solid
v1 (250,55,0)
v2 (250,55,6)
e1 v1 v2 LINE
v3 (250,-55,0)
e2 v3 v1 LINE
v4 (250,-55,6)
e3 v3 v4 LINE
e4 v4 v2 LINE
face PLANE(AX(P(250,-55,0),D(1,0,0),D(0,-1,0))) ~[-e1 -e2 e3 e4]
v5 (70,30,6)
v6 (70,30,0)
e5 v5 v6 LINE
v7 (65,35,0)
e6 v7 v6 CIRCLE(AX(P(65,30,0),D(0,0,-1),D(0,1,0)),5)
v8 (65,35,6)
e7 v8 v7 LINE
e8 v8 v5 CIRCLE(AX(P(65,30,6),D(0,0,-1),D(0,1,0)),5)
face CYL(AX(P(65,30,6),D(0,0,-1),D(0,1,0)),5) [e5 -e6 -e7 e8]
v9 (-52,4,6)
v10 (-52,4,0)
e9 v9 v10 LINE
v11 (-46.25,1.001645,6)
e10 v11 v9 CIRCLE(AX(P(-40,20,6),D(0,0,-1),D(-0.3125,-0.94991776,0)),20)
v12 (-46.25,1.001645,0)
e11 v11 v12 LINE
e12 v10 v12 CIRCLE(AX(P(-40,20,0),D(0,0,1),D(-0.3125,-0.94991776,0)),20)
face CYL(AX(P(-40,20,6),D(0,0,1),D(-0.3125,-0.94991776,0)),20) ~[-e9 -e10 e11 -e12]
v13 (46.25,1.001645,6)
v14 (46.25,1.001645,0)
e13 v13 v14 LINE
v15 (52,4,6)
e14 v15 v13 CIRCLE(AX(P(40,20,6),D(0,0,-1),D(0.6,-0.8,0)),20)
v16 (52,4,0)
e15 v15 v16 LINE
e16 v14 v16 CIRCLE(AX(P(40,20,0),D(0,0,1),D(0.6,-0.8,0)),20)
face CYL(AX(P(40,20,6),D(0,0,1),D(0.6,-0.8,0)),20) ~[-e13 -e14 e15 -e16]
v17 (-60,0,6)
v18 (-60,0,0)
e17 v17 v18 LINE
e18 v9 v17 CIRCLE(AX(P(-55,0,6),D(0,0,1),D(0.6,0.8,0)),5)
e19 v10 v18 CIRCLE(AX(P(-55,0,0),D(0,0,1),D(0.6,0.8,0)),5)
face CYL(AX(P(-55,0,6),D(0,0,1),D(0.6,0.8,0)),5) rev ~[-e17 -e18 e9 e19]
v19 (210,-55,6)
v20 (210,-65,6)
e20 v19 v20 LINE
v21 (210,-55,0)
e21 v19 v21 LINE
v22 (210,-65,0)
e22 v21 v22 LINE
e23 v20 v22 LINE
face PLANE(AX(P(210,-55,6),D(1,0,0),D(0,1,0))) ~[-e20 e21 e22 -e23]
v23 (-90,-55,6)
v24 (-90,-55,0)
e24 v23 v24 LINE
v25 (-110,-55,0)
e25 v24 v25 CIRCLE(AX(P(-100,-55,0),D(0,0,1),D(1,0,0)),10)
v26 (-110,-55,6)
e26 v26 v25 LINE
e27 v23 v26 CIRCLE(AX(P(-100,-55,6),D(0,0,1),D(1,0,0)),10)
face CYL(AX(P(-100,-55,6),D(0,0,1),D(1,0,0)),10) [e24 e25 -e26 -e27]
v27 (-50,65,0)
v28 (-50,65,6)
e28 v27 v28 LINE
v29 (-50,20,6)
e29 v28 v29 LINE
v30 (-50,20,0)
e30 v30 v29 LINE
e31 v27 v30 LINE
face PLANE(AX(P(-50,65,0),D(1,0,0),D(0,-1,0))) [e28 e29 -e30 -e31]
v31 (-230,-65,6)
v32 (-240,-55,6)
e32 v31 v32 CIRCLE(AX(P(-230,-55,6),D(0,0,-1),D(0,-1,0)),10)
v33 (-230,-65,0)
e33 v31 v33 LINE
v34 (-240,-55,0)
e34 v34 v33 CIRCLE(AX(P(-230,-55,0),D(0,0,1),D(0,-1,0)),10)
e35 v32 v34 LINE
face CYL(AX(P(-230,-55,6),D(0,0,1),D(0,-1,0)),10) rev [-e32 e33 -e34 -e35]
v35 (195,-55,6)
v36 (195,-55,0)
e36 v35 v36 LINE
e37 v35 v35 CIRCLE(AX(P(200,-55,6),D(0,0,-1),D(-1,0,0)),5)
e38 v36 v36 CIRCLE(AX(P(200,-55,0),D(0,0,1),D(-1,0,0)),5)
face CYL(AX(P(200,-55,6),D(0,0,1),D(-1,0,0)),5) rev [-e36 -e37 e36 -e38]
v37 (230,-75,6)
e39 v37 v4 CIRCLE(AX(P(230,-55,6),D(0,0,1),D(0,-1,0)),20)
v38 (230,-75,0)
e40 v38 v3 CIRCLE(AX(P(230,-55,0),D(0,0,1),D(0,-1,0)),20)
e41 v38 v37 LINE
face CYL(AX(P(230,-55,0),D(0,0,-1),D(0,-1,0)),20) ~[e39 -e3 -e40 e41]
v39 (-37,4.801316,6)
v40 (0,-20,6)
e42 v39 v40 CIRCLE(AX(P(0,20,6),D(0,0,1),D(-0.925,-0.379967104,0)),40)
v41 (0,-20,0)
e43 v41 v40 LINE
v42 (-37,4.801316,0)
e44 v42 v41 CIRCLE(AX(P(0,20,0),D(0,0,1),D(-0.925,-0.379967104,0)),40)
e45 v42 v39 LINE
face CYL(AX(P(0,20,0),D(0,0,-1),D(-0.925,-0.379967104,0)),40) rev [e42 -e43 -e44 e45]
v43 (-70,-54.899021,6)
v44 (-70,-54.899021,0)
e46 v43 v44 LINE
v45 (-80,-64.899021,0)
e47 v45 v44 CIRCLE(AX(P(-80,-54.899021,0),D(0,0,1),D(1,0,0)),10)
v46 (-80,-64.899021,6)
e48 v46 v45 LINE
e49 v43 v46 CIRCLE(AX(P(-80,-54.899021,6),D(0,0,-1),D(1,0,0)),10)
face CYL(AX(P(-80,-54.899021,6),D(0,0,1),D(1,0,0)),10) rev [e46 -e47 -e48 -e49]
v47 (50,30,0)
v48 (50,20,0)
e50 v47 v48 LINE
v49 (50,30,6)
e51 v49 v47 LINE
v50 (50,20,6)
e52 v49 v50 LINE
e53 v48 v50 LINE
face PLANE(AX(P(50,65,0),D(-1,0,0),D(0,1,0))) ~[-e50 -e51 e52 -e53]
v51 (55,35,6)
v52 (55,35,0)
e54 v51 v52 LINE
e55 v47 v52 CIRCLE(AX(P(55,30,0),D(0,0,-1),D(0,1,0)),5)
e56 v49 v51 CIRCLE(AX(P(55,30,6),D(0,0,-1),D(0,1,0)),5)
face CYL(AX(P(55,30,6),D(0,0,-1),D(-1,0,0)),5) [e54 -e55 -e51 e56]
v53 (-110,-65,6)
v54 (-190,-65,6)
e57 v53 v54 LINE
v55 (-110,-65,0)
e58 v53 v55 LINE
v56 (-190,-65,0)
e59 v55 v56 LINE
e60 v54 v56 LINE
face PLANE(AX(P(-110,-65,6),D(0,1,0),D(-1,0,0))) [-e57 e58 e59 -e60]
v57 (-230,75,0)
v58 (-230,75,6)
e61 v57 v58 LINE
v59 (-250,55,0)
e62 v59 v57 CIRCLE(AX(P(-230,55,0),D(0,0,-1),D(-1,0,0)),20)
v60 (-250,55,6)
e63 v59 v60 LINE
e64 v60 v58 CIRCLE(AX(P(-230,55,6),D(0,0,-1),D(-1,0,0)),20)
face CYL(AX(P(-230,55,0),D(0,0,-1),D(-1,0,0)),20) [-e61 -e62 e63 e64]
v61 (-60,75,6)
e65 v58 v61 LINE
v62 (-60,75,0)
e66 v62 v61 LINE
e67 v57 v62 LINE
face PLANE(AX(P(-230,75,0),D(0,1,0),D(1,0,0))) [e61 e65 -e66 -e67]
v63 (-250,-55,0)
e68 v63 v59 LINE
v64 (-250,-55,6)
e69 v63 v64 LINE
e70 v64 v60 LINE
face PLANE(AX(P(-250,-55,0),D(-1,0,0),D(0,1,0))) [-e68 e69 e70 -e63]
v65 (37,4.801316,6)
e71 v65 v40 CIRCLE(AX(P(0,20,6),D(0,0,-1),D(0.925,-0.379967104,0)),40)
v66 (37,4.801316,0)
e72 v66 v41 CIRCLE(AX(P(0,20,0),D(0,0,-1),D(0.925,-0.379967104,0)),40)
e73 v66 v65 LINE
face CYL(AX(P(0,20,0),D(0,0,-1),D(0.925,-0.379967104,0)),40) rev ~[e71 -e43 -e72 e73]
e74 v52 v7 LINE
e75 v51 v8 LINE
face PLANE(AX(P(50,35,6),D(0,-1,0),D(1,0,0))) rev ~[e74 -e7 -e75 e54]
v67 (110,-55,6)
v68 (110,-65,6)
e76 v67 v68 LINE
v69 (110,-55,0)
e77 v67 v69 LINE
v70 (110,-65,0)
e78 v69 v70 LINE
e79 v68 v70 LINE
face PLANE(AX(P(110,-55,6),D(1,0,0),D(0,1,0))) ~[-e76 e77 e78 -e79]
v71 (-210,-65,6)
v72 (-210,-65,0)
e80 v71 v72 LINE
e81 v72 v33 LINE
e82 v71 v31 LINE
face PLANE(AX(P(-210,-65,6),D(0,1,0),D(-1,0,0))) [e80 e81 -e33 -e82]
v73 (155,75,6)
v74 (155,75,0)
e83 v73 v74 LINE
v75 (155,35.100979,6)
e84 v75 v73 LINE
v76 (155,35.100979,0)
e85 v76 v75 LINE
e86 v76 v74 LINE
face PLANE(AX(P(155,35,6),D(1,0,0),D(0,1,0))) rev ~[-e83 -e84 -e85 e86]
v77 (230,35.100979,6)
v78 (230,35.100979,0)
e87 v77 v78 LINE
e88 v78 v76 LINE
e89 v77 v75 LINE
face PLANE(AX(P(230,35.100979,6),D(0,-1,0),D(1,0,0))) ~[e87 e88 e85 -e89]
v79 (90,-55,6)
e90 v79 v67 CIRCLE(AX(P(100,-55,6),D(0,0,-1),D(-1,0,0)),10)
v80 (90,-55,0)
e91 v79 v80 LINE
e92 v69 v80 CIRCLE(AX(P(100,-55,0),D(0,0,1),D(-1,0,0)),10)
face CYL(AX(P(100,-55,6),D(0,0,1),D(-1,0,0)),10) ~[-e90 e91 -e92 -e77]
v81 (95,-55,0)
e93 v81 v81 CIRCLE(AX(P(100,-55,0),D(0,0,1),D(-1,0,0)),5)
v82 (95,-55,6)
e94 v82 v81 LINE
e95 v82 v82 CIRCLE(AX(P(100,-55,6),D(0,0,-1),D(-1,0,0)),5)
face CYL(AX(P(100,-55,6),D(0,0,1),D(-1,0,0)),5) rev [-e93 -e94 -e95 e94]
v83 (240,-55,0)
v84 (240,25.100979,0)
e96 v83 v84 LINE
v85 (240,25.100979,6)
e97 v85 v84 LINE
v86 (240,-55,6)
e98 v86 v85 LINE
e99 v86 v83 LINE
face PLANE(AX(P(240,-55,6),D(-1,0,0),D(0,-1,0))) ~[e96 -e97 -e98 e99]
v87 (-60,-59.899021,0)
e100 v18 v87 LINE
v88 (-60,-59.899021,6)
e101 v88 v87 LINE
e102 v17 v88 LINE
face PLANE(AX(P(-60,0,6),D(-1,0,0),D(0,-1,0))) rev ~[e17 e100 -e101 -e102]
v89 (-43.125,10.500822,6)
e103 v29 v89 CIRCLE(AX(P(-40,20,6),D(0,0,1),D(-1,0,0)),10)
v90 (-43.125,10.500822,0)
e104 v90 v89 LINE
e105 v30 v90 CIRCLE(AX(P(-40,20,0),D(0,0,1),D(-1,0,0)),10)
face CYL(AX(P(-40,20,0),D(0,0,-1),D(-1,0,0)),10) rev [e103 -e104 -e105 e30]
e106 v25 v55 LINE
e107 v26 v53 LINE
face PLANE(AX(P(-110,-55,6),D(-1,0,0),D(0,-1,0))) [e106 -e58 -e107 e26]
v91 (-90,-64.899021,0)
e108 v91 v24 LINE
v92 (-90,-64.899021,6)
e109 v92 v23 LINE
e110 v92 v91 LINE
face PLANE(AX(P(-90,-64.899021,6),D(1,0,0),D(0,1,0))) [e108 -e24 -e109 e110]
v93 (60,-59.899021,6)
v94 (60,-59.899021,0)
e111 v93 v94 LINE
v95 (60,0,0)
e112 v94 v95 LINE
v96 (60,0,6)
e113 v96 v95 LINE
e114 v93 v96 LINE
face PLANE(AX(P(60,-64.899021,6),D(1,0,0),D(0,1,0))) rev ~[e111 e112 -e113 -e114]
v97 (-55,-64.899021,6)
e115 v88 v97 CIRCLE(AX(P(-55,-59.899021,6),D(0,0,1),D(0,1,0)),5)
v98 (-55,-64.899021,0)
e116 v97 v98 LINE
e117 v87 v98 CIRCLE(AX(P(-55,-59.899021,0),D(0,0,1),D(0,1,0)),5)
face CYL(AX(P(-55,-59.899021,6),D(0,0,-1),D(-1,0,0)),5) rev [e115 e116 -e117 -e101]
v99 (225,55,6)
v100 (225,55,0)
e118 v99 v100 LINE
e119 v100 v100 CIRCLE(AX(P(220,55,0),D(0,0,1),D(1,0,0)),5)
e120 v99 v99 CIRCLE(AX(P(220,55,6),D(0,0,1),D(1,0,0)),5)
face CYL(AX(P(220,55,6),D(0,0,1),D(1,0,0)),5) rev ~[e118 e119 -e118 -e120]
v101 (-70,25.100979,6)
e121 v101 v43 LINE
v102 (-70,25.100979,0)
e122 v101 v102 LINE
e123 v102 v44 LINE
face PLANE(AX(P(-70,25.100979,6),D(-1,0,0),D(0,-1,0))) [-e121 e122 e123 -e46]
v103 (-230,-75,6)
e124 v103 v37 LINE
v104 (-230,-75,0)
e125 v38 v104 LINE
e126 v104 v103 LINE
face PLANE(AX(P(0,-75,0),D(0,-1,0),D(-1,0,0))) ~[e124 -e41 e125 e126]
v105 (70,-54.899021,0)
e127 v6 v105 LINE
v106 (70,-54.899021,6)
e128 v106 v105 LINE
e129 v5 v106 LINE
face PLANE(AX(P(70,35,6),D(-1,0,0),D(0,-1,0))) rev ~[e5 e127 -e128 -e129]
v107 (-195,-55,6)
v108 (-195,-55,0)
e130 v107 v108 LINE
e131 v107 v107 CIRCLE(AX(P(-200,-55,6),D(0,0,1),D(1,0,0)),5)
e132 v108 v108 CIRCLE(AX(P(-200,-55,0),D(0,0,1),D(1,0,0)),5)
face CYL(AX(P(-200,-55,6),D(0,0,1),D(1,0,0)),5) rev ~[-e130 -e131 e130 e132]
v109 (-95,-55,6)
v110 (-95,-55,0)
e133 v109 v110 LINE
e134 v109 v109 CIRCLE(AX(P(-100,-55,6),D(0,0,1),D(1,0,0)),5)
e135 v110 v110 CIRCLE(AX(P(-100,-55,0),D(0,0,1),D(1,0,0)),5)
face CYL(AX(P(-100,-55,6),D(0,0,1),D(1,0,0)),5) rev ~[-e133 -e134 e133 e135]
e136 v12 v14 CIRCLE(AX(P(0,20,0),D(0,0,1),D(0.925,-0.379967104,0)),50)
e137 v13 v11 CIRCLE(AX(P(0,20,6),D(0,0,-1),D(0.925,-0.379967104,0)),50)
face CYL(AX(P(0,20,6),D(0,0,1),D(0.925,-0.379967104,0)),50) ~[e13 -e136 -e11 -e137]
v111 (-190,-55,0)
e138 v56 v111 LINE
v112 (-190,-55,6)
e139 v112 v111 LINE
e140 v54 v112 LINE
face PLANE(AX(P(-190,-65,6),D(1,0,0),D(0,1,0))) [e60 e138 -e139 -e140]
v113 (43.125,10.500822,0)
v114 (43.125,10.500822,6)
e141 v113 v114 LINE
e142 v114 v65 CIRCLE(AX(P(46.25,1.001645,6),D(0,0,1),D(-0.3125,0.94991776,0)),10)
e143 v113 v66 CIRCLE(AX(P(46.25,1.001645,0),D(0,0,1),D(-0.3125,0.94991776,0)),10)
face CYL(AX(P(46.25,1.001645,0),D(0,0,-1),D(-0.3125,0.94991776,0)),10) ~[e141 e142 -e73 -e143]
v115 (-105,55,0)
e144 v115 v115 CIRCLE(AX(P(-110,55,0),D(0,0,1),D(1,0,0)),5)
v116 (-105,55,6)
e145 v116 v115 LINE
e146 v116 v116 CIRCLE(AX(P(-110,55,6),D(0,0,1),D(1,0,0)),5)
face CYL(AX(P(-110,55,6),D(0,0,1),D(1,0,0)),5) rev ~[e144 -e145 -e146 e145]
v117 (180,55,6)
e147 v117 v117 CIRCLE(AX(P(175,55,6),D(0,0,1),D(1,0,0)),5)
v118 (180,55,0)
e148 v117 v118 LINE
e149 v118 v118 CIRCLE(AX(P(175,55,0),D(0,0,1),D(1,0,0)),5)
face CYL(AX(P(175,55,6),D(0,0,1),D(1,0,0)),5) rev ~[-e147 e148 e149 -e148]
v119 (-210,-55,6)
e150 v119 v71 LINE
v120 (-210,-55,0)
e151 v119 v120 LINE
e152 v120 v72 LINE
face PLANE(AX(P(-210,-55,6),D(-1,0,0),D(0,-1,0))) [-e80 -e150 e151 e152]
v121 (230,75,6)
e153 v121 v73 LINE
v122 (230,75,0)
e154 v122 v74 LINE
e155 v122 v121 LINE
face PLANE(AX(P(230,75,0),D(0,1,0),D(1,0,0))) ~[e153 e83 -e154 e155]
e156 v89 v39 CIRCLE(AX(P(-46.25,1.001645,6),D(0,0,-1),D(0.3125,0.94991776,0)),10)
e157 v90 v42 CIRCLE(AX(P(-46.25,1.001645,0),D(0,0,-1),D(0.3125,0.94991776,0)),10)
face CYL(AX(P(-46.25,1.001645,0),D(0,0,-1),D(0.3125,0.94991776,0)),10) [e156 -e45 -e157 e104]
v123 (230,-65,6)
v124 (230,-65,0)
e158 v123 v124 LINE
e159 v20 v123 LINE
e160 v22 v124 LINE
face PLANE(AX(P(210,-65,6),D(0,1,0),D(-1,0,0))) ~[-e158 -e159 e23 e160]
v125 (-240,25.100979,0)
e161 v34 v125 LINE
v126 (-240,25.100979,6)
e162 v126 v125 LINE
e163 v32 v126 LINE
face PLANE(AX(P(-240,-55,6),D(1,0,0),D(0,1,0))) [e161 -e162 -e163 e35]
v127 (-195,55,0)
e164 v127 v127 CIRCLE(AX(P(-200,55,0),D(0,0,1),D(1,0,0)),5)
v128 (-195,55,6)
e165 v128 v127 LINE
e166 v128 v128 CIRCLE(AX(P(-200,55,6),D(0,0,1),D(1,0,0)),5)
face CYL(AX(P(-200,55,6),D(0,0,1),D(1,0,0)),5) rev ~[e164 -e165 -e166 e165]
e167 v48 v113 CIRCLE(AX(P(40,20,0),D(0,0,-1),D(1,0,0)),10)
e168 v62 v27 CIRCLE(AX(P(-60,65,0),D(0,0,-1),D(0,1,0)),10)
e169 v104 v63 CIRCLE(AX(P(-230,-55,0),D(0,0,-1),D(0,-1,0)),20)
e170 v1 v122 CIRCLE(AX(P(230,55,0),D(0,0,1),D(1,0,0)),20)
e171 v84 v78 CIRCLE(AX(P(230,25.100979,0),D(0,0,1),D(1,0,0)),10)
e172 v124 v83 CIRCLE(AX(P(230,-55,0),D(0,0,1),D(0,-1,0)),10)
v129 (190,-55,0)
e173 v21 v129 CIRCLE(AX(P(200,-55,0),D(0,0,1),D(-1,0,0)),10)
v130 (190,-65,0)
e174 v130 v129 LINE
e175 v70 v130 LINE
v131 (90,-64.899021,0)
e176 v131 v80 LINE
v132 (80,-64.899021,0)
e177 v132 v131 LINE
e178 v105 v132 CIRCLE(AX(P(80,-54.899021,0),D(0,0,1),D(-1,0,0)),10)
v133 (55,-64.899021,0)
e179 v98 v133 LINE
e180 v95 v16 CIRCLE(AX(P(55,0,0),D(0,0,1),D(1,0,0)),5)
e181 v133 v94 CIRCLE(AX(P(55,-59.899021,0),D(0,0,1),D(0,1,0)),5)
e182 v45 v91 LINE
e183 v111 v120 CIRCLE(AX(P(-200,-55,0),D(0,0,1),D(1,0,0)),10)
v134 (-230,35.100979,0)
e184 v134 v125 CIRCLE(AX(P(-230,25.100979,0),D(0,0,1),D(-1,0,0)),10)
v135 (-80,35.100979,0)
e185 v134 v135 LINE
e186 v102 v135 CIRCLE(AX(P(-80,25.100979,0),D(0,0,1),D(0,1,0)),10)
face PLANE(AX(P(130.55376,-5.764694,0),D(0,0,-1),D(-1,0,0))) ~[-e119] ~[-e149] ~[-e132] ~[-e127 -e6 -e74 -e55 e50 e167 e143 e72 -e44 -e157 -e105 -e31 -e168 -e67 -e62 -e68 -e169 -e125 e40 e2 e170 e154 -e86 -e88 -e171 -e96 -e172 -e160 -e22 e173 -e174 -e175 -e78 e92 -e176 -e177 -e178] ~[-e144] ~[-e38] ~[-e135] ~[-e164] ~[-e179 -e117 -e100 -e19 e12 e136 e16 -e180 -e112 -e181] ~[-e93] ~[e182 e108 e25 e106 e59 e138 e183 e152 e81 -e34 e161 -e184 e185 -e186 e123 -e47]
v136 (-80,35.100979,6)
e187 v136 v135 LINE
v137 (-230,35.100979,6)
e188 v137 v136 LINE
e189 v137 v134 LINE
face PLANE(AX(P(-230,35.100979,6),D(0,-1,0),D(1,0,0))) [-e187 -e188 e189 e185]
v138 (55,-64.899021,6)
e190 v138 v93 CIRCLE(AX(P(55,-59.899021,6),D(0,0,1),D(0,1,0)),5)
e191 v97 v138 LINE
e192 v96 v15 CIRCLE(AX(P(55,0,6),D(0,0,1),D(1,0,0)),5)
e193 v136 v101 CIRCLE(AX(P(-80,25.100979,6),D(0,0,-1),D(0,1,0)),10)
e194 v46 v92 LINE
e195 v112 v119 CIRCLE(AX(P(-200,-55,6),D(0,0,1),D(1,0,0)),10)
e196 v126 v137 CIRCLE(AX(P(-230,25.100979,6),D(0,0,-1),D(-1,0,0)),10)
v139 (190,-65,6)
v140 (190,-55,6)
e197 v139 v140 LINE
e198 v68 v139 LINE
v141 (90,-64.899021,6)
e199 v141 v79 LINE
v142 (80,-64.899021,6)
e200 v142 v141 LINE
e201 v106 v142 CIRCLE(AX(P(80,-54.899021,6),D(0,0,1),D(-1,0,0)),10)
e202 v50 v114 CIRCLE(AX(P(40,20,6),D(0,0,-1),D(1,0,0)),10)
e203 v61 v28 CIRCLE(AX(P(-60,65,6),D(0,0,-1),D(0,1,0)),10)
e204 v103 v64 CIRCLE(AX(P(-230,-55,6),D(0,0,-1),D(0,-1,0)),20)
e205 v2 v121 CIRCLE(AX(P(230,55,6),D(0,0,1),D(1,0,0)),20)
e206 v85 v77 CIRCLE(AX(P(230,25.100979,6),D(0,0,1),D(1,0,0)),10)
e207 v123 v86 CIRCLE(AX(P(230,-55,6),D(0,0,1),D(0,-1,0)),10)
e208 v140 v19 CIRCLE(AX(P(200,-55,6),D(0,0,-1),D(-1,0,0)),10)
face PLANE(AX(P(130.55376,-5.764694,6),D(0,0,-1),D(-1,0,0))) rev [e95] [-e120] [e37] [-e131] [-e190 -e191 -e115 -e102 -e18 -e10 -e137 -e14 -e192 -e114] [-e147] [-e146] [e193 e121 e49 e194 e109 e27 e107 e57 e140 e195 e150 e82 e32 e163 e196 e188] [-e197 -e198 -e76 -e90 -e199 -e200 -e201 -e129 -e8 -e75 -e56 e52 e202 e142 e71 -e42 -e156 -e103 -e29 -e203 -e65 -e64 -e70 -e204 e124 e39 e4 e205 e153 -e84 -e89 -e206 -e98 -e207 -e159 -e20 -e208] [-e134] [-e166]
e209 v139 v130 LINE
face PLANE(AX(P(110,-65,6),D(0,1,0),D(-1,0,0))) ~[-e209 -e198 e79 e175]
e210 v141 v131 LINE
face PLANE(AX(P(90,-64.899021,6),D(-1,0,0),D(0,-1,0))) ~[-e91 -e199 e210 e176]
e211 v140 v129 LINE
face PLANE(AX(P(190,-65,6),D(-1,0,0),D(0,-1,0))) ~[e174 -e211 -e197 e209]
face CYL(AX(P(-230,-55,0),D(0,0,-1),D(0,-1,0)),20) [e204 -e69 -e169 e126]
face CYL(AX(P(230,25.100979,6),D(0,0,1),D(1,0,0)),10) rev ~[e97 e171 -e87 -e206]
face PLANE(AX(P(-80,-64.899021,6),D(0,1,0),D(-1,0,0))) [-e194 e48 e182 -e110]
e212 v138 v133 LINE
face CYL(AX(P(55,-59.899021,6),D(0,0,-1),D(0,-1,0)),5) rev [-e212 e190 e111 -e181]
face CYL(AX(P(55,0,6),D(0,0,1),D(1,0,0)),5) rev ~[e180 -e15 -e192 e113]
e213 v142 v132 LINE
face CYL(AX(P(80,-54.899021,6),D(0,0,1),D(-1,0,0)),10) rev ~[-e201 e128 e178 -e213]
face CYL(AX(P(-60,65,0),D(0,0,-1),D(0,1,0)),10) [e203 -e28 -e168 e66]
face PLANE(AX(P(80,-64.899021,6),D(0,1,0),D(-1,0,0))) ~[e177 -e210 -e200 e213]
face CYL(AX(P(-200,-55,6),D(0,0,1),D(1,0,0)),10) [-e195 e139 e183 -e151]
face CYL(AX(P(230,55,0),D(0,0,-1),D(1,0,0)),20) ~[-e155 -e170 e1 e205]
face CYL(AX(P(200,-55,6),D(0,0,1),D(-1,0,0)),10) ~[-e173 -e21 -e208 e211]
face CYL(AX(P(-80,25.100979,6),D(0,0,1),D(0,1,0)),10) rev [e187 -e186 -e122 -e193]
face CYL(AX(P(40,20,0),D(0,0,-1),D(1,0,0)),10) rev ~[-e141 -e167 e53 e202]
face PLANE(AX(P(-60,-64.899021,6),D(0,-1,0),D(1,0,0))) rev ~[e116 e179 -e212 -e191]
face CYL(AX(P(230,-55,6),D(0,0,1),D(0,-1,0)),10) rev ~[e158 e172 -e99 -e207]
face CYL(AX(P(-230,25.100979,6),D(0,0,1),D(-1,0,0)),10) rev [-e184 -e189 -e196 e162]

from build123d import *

# Parameters (mm, degrees)
BOSS_EXTRUDE1_DEPTH = 6
SKETCH3_R           = 5
CUT_EXTRUDE1_DEPTH  = 262.076617107
SKETCH4_R           = 5
CUT_EXTRUDE2_DEPTH  = 262.076617107
FILLET4_R           = 5
CUT_EXTRUDE5_DEPTH  = 262.076617107
FILLET5_R           = 5
FILLET6_R           = 5
CUT_EXTRUDE6_DEPTH  = 262.076617107
FILLET7_R           = 5


with BuildPart() as part:
    # Sketch1 → Boss-Extrude1 (new body)
    with BuildSketch(Plane.XY):
        with BuildLine():
            Line((-250, -55), (-250, 3.178280867))
            Line((-250, 3.178280867), (-250, 55))
            ThreePointArc((-250, 55), (-244.142135624, 69.142135624), (-230, 75))
            Line((-230, 75), (-220, 75))
            Line((-220, 75), (-164.330865428, 75))
            Line((-164.330865428, 75), (-60, 75))
            ThreePointArc((-60, 75), (-52.928932188, 72.071067812), (-50, 65))
            Line((-50, 65), (-50, 20))
            ThreePointArc((-50, 20), (-48.100925873, 14.1369803), (-43.125, 10.500822404))
            ThreePointArc((-43.125, 10.500822404), (-39.437786703, 8.32242004), (-37, 4.801315846))
            ThreePointArc((-37, 4.801315846), (-22.271648276, -13.226099426), (0, -20))
            Line((0, -20), (0, -40))
            Line((0, -40), (0, -65))
            Line((0, -65), (0, -75))
            Line((0, -75), (-230, -75))
            ThreePointArc((-230, -75), (-244.142135624, -69.142135624), (-250, -55))
        make_face()
    boss_extrude1 = extrude(amount=BOSS_EXTRUDE1_DEPTH)

    # Mirror1: Boss-Extrude1 across plane
    add(boss_extrude1.mirror(Plane(origin=(0, -20, 6), x_dir=(0, 0, 1), z_dir=(-1, 0, 0))))

    # Sketch3 → Cut-Extrude1 (cut, through all)
    with BuildSketch(Plane.XY.offset(6)):
        with BuildLine():
            Line((155, 35), (155, 75))
            Line((155, 75), (60, 75))
            ThreePointArc((60, 75), (52.928932188, 72.071067812), (50, 65))
            Line((50, 65), (50, 35))
            Line((50, 35), (155, 35))
        make_face()
        with Locations((175, 55)):
            Circle(SKETCH3_R)
        with Locations((220, 55)):
            Circle(SKETCH3_R)
        with Locations((-110, 55)):
            Circle(SKETCH3_R)
        with Locations((-200, 55)):
            Circle(SKETCH3_R)
    extrude(amount=-CUT_EXTRUDE1_DEPTH, mode=Mode.SUBTRACT)

    # Sketch4 → Cut-Extrude2 (cut, through all)
    with BuildSketch(Plane.XY.offset(6)):
        with Locations((-200, -55)):
            Circle(SKETCH4_R)
        with Locations((-100, -55)):
            Circle(SKETCH4_R)
        with BuildLine():
            Line((-70, 25.100979079), (-70, -54.899020921))
            ThreePointArc((-70, -54.899020921), (-72.928932188, -61.970088733), (-80, -64.899020921))
            Line((-80, -64.899020921), (-90, -64.899020921))
            Line((-90, -64.899020921), (-90, -55))
            ThreePointArc((-90, -55), (-100, -45), (-110, -55))
            Line((-110, -55), (-110, -65))
            Line((-110, -65), (-190, -65))
            Line((-190, -65), (-190, -55))
            ThreePointArc((-190, -55), (-200, -45), (-210, -55))
            Line((-210, -55), (-210, -65))
            Line((-210, -65), (-230, -65))
            ThreePointArc((-230, -65), (-237.071067812, -62.071067812), (-240, -55))
            Line((-240, -55), (-240, 25.100979079))
            ThreePointArc((-240, 25.100979079), (-237.071067812, 32.17204689), (-230, 35.100979079))
            Line((-230, 35.100979079), (-140, 35.100979079))
            Line((-140, 35.100979079), (-110, 35.100979079))
            Line((-110, 35.100979079), (-80, 35.100979079))
            ThreePointArc((-80, 35.100979079), (-72.928932188, 32.17204689), (-70, 25.100979079))
        make_face()
    cut_extrude2 = extrude(amount=-CUT_EXTRUDE2_DEPTH, mode=Mode.SUBTRACT)

    # Mirror2: Cut-Extrude2 across plane
    add(cut_extrude2.mirror(Plane(origin=(0, 0, 0), x_dir=(0, 0, 1), z_dir=(1, 0, 0))), mode=Mode.SUBTRACT)

    # Fillet4
    fillet4_edges = [part.edges().sort_by_distance(p)[0] for p in [
        (50, 35, 3),
    ]]
    fillet(fillet4_edges, radius=FILLET4_R)

    # Sketch8 → Cut-Extrude5 (cut, through all)
    with BuildSketch(Plane.XY.offset(6)):
        with BuildLine():
            Line((-60, 0), (-60, -64.899020921))
            Line((-60, -64.899020921), (60, -64.899020921))
            Line((60, -64.899020921), (60, 0))
            ThreePointArc((60, 0), (57.236067977, 4.472135955), (52, 4))
            ThreePointArc((52, 4), (49.247332505, 2.266223145), (46.25, 1.001644808))
            ThreePointArc((46.25, 1.001644808), (0, -30), (-46.25, 1.001644808))
            ThreePointArc((-46.25, 1.001644808), (-49.247332505, 2.266223145), (-52, 4))
            ThreePointArc((-52, 4), (-57.236067977, 4.472135955), (-60, 0))
        make_face()
    extrude(amount=-CUT_EXTRUDE5_DEPTH, mode=Mode.SUBTRACT)

    # Fillet5
    fillet5_edges = [part.edges().sort_by_distance(p)[0] for p in [
        (-60, -64.899020921, 3),
    ]]
    fillet(fillet5_edges, radius=FILLET5_R)

    # Fillet6
    fillet6_edges = [part.edges().sort_by_distance(p)[0] for p in [
        (60, -64.899020921, 3),
    ]]
    fillet(fillet6_edges, radius=FILLET6_R)

    # Sketch9 → Cut-Extrude6 (cut, through all)
    with BuildSketch(Plane.XY.offset(6)):
        with BuildLine():
            Line((78.582472294, 35), (70, 35))
            Line((70, 35), (70, 25.100979079))
            ThreePointArc((70, 25.100979079), (72.444363791, 31.651731819), (78.582472294, 35))
        make_face()
    extrude(amount=-CUT_EXTRUDE6_DEPTH, mode=Mode.SUBTRACT)

    # Fillet7
    fillet7_edges = [part.edges().sort_by_distance(p)[0] for p in [
        (70, 35, 3),
    ]]
    fillet(fillet7_edges, radius=FILLET7_R)


solid = part.part
